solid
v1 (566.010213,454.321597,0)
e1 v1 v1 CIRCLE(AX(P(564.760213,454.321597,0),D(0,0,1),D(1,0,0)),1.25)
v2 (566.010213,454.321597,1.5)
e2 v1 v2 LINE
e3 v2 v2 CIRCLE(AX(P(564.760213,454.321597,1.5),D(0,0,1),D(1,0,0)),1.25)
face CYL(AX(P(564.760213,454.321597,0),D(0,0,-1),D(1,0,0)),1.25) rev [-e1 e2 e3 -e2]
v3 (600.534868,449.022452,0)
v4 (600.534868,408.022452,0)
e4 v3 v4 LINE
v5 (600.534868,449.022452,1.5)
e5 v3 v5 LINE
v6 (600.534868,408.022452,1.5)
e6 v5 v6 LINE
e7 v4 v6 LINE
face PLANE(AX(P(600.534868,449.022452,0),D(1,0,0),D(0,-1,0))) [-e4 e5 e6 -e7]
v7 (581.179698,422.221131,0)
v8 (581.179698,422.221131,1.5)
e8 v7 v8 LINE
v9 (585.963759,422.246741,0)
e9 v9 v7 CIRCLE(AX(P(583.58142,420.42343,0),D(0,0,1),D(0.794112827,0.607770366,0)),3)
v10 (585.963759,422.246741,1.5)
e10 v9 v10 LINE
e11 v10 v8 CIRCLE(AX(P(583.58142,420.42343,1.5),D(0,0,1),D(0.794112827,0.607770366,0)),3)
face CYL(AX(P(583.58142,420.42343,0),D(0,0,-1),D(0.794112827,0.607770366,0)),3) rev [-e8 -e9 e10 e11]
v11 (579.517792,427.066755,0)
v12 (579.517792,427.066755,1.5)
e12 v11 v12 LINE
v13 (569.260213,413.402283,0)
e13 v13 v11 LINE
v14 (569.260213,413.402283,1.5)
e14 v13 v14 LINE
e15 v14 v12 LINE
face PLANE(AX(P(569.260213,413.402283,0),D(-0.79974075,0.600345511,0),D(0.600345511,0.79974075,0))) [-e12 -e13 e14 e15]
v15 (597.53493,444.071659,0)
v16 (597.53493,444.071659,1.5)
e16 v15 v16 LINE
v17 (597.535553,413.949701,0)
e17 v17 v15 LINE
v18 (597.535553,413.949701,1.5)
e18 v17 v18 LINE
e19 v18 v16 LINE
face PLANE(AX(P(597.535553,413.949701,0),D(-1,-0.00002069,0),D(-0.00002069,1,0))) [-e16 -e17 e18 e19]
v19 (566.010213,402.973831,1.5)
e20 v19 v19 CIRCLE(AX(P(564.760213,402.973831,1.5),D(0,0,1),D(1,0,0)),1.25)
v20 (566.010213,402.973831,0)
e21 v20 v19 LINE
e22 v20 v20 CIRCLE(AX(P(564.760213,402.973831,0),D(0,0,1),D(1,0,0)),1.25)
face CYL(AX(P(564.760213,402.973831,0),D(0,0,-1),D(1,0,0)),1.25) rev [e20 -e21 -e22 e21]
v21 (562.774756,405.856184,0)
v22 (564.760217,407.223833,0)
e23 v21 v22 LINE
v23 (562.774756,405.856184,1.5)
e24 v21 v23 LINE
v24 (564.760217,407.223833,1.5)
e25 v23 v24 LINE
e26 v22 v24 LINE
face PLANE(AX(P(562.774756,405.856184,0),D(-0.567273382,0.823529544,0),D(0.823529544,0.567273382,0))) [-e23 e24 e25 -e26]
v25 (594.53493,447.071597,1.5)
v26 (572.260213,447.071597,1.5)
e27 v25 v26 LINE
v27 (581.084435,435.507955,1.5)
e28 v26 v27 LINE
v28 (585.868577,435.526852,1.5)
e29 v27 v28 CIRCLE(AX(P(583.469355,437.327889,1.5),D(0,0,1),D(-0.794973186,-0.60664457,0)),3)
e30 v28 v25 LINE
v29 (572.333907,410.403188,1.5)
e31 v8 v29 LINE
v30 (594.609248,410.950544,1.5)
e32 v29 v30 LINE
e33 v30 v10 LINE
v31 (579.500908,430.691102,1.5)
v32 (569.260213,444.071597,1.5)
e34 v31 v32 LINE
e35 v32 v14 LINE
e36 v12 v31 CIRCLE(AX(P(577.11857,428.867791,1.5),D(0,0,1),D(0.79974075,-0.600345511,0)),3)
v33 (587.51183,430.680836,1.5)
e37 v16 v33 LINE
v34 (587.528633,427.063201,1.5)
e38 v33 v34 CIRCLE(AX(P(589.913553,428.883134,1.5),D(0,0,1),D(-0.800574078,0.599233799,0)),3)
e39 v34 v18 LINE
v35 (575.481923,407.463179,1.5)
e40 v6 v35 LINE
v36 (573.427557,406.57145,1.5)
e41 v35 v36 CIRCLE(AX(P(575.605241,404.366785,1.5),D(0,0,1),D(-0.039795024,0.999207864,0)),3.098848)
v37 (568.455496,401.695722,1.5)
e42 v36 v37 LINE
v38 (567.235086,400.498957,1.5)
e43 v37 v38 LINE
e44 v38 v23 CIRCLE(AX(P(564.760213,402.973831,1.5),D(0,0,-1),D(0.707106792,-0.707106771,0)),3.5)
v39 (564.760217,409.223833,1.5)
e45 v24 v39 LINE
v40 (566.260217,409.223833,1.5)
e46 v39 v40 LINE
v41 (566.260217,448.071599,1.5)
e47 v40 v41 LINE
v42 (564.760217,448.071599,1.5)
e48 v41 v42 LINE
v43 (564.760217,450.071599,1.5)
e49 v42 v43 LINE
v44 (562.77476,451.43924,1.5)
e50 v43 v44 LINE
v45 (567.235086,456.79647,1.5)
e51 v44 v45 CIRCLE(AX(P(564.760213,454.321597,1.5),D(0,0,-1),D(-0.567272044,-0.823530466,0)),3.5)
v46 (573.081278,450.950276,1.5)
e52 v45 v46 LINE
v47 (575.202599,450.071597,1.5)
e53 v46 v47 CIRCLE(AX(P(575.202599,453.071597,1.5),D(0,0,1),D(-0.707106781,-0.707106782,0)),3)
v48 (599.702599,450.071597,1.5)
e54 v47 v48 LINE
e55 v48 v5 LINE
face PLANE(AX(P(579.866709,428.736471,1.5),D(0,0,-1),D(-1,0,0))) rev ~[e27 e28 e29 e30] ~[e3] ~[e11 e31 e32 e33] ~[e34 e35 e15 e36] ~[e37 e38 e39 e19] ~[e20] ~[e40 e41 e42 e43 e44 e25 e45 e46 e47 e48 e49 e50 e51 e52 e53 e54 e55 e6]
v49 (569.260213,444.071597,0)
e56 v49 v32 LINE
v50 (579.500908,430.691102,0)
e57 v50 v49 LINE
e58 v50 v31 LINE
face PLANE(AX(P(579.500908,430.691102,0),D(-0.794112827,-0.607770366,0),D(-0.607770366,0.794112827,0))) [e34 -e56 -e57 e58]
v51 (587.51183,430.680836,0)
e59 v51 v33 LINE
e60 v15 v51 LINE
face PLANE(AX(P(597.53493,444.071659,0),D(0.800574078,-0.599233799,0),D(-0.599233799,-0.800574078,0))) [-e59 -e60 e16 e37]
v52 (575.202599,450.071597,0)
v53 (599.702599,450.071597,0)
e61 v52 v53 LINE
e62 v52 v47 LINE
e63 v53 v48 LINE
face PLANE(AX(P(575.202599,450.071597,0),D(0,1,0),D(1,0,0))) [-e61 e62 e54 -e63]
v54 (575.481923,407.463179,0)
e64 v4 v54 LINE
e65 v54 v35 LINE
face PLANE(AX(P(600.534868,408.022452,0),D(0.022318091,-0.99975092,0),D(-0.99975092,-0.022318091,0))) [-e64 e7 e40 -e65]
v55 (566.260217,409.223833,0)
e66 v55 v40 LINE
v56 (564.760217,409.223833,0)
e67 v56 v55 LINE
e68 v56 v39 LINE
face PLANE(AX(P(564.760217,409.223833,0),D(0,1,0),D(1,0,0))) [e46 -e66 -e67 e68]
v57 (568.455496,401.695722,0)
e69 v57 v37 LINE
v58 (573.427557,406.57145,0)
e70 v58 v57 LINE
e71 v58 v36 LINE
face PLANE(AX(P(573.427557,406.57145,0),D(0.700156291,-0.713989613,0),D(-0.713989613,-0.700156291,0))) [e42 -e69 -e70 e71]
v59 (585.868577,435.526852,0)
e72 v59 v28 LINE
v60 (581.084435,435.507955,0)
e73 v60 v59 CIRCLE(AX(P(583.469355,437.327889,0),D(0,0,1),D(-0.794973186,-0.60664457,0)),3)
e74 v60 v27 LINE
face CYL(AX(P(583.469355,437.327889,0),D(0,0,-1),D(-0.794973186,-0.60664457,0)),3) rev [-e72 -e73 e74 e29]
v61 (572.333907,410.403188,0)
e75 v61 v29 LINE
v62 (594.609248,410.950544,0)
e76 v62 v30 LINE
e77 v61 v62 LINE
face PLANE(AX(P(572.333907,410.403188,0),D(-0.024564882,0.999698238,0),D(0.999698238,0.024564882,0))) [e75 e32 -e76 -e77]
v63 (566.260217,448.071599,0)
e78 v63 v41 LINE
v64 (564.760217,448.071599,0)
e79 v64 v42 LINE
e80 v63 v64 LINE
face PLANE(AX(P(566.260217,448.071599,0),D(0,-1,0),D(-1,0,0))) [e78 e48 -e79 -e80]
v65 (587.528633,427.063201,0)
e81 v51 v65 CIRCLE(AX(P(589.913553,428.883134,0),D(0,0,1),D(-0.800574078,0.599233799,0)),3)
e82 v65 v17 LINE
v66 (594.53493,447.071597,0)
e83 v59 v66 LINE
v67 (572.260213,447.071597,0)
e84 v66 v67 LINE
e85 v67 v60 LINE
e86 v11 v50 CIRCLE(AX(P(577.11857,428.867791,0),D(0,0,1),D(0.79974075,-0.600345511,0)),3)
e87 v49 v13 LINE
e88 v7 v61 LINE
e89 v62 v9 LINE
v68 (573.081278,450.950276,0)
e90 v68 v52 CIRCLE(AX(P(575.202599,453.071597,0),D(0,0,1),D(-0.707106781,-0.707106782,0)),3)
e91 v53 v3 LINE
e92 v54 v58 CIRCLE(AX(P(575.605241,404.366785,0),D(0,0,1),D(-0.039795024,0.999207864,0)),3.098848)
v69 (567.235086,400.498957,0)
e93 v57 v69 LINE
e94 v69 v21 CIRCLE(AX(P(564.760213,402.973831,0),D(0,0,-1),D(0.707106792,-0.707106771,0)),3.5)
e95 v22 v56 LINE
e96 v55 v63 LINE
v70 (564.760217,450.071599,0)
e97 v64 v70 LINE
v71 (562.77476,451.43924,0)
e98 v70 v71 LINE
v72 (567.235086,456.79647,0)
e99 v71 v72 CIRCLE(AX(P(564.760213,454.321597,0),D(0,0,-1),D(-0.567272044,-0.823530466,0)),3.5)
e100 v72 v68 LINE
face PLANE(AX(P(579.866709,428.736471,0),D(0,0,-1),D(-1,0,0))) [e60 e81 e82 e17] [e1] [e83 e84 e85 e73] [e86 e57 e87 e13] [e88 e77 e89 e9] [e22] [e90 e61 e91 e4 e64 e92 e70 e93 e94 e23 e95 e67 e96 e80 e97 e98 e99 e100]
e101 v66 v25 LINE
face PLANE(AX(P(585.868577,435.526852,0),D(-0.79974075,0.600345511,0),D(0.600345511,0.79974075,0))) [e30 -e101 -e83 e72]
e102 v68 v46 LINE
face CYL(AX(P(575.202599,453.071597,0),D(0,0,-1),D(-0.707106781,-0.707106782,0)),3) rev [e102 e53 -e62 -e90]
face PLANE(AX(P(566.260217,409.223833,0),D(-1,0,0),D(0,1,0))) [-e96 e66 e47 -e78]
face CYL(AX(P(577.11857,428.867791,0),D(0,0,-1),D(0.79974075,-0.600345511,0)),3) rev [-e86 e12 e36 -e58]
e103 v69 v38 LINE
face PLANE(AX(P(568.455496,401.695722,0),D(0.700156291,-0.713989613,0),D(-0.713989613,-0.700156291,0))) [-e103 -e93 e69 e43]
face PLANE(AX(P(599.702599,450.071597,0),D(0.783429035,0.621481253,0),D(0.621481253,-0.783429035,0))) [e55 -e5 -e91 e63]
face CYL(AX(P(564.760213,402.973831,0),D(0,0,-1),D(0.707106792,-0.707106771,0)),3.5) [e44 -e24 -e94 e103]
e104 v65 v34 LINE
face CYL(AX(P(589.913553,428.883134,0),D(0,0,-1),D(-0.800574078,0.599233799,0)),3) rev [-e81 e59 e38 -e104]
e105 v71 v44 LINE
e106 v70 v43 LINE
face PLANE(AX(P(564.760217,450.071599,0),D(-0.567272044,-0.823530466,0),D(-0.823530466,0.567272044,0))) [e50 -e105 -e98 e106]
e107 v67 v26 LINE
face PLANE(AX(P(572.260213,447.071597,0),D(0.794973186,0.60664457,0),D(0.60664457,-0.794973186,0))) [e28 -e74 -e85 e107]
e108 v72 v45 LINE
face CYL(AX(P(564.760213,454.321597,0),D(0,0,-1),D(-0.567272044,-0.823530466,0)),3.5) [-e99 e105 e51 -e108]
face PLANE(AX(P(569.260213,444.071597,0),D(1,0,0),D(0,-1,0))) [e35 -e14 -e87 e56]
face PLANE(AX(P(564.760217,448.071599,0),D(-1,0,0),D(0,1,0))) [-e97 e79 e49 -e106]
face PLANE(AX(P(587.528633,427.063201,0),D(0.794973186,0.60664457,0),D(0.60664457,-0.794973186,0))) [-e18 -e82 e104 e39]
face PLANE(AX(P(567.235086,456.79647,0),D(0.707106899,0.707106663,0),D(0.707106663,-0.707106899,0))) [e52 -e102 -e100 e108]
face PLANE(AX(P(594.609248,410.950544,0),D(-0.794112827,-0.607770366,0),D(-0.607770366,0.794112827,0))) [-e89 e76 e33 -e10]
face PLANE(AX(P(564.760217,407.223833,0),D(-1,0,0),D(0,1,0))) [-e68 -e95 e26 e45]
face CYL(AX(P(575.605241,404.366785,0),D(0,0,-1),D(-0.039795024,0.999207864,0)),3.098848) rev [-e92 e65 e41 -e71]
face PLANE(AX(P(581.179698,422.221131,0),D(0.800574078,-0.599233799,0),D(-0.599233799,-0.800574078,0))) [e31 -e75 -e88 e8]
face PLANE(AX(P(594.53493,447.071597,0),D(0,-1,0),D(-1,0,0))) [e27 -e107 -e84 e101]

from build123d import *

# Parameters (mm, degrees)
MODEL_R         = 1.25
EXTRUDE_2_DEPTH = 1.5


with BuildPart() as part:
    # Model → 凸台-拉伸2 (new body)
    with BuildSketch(Plane.XY):
        with BuildLine():
            Line((567.23508643, 456.796470283), (573.081278388, 450.950276374))
            ThreePointArc((573.081278388, 450.950276374), (574.054548435, 450.29995812), (575.202598732, 450.071596717))
            Line((575.202598732, 450.071596717), (599.702598732, 450.071596717))
            Line((599.702598732, 450.071596717), (600.534867908, 449.022451897))
            Line((600.534867908, 449.022451897), (600.534867908, 408.022451897))
            Line((600.534867908, 408.022451897), (575.481922704, 407.463178676))
            ThreePointArc((575.481922704, 407.463178676), (574.371365784, 407.209391557), (573.427556635, 406.571450445))
            Line((573.427556635, 406.571450445), (568.455496448, 401.695722345))
            Line((568.455496448, 401.695722345), (567.235086299, 400.498957255))
            ThreePointArc((567.235086299, 400.498957255), (562.070444361, 400.734378517), (562.774755691, 405.856184357))
            Line((562.774755691, 405.856184357), (564.760216971, 407.22383333))
            Line((564.760216971, 407.22383333), (564.760216971, 409.22383333))
            Line((564.760216971, 409.22383333), (566.260216971, 409.22383333))
            Line((566.260216971, 409.22383333), (566.260216971, 448.071599095))
            Line((566.260216971, 448.071599095), (564.760216971, 448.071599095))
            Line((564.760216971, 448.071599095), (564.760216971, 450.071599095))
            Line((564.760216971, 450.071599095), (562.774760372, 451.439240088))
            ThreePointArc((562.774760372, 451.439240088), (562.070442602, 456.56104704), (567.23508643, 456.796470283))
        make_face()
        with Locations((564.760212527, 454.321596717)):
            Circle(MODEL_R, mode=Mode.SUBTRACT)
        with Locations((564.760212527, 402.973830952)):
            Circle(MODEL_R, mode=Mode.SUBTRACT)
        with BuildLine():
            ThreePointArc((579.517792138, 427.066754763), (580.118537337, 428.881766433), (579.50090837, 430.691102394))
            Line((579.50090837, 430.691102394), (569.260212527, 444.071596717))
            Line((569.260212527, 444.071596717), (569.260212527, 413.402282802))
            Line((569.260212527, 413.402282802), (579.517792138, 427.066754763))
        make_face(mode=Mode.SUBTRACT)
        with BuildLine():
            ThreePointArc((581.084435265, 435.507954993), (583.481204613, 434.327912105), (585.868577071, 435.526852168))
            Line((585.868577071, 435.526852168), (594.534929977, 447.071596717))
            Line((594.534929977, 447.071596717), (572.260212527, 447.071596717))
            Line((572.260212527, 447.071596717), (581.084435265, 435.507954993))
        make_face(mode=Mode.SUBTRACT)
        with BuildLine():
            ThreePointArc((585.96375898, 422.246741072), (583.565361337, 423.423386992), (581.179698264, 422.221131371))
            Line((581.179698264, 422.221131371), (572.333907172, 410.403188089))
            Line((572.333907172, 410.403188089), (594.609247843, 410.950544366))
            Line((594.609247843, 410.950544366), (585.96375898, 422.246741072))
        make_face(mode=Mode.SUBTRACT)
        with BuildLine():
            ThreePointArc((587.511830306, 430.680835717), (586.913584899, 428.869200497), (587.528632984, 427.063200611))
            Line((587.528632984, 427.063200611), (597.535553197, 413.949701149))
            Line((597.535553197, 413.949701149), (597.534929977, 444.071658787))
            Line((597.534929977, 444.071658787), (587.511830306, 430.680835717))
        make_face(mode=Mode.SUBTRACT)
    extrude(amount=EXTRUDE_2_DEPTH)


solid = part.part
